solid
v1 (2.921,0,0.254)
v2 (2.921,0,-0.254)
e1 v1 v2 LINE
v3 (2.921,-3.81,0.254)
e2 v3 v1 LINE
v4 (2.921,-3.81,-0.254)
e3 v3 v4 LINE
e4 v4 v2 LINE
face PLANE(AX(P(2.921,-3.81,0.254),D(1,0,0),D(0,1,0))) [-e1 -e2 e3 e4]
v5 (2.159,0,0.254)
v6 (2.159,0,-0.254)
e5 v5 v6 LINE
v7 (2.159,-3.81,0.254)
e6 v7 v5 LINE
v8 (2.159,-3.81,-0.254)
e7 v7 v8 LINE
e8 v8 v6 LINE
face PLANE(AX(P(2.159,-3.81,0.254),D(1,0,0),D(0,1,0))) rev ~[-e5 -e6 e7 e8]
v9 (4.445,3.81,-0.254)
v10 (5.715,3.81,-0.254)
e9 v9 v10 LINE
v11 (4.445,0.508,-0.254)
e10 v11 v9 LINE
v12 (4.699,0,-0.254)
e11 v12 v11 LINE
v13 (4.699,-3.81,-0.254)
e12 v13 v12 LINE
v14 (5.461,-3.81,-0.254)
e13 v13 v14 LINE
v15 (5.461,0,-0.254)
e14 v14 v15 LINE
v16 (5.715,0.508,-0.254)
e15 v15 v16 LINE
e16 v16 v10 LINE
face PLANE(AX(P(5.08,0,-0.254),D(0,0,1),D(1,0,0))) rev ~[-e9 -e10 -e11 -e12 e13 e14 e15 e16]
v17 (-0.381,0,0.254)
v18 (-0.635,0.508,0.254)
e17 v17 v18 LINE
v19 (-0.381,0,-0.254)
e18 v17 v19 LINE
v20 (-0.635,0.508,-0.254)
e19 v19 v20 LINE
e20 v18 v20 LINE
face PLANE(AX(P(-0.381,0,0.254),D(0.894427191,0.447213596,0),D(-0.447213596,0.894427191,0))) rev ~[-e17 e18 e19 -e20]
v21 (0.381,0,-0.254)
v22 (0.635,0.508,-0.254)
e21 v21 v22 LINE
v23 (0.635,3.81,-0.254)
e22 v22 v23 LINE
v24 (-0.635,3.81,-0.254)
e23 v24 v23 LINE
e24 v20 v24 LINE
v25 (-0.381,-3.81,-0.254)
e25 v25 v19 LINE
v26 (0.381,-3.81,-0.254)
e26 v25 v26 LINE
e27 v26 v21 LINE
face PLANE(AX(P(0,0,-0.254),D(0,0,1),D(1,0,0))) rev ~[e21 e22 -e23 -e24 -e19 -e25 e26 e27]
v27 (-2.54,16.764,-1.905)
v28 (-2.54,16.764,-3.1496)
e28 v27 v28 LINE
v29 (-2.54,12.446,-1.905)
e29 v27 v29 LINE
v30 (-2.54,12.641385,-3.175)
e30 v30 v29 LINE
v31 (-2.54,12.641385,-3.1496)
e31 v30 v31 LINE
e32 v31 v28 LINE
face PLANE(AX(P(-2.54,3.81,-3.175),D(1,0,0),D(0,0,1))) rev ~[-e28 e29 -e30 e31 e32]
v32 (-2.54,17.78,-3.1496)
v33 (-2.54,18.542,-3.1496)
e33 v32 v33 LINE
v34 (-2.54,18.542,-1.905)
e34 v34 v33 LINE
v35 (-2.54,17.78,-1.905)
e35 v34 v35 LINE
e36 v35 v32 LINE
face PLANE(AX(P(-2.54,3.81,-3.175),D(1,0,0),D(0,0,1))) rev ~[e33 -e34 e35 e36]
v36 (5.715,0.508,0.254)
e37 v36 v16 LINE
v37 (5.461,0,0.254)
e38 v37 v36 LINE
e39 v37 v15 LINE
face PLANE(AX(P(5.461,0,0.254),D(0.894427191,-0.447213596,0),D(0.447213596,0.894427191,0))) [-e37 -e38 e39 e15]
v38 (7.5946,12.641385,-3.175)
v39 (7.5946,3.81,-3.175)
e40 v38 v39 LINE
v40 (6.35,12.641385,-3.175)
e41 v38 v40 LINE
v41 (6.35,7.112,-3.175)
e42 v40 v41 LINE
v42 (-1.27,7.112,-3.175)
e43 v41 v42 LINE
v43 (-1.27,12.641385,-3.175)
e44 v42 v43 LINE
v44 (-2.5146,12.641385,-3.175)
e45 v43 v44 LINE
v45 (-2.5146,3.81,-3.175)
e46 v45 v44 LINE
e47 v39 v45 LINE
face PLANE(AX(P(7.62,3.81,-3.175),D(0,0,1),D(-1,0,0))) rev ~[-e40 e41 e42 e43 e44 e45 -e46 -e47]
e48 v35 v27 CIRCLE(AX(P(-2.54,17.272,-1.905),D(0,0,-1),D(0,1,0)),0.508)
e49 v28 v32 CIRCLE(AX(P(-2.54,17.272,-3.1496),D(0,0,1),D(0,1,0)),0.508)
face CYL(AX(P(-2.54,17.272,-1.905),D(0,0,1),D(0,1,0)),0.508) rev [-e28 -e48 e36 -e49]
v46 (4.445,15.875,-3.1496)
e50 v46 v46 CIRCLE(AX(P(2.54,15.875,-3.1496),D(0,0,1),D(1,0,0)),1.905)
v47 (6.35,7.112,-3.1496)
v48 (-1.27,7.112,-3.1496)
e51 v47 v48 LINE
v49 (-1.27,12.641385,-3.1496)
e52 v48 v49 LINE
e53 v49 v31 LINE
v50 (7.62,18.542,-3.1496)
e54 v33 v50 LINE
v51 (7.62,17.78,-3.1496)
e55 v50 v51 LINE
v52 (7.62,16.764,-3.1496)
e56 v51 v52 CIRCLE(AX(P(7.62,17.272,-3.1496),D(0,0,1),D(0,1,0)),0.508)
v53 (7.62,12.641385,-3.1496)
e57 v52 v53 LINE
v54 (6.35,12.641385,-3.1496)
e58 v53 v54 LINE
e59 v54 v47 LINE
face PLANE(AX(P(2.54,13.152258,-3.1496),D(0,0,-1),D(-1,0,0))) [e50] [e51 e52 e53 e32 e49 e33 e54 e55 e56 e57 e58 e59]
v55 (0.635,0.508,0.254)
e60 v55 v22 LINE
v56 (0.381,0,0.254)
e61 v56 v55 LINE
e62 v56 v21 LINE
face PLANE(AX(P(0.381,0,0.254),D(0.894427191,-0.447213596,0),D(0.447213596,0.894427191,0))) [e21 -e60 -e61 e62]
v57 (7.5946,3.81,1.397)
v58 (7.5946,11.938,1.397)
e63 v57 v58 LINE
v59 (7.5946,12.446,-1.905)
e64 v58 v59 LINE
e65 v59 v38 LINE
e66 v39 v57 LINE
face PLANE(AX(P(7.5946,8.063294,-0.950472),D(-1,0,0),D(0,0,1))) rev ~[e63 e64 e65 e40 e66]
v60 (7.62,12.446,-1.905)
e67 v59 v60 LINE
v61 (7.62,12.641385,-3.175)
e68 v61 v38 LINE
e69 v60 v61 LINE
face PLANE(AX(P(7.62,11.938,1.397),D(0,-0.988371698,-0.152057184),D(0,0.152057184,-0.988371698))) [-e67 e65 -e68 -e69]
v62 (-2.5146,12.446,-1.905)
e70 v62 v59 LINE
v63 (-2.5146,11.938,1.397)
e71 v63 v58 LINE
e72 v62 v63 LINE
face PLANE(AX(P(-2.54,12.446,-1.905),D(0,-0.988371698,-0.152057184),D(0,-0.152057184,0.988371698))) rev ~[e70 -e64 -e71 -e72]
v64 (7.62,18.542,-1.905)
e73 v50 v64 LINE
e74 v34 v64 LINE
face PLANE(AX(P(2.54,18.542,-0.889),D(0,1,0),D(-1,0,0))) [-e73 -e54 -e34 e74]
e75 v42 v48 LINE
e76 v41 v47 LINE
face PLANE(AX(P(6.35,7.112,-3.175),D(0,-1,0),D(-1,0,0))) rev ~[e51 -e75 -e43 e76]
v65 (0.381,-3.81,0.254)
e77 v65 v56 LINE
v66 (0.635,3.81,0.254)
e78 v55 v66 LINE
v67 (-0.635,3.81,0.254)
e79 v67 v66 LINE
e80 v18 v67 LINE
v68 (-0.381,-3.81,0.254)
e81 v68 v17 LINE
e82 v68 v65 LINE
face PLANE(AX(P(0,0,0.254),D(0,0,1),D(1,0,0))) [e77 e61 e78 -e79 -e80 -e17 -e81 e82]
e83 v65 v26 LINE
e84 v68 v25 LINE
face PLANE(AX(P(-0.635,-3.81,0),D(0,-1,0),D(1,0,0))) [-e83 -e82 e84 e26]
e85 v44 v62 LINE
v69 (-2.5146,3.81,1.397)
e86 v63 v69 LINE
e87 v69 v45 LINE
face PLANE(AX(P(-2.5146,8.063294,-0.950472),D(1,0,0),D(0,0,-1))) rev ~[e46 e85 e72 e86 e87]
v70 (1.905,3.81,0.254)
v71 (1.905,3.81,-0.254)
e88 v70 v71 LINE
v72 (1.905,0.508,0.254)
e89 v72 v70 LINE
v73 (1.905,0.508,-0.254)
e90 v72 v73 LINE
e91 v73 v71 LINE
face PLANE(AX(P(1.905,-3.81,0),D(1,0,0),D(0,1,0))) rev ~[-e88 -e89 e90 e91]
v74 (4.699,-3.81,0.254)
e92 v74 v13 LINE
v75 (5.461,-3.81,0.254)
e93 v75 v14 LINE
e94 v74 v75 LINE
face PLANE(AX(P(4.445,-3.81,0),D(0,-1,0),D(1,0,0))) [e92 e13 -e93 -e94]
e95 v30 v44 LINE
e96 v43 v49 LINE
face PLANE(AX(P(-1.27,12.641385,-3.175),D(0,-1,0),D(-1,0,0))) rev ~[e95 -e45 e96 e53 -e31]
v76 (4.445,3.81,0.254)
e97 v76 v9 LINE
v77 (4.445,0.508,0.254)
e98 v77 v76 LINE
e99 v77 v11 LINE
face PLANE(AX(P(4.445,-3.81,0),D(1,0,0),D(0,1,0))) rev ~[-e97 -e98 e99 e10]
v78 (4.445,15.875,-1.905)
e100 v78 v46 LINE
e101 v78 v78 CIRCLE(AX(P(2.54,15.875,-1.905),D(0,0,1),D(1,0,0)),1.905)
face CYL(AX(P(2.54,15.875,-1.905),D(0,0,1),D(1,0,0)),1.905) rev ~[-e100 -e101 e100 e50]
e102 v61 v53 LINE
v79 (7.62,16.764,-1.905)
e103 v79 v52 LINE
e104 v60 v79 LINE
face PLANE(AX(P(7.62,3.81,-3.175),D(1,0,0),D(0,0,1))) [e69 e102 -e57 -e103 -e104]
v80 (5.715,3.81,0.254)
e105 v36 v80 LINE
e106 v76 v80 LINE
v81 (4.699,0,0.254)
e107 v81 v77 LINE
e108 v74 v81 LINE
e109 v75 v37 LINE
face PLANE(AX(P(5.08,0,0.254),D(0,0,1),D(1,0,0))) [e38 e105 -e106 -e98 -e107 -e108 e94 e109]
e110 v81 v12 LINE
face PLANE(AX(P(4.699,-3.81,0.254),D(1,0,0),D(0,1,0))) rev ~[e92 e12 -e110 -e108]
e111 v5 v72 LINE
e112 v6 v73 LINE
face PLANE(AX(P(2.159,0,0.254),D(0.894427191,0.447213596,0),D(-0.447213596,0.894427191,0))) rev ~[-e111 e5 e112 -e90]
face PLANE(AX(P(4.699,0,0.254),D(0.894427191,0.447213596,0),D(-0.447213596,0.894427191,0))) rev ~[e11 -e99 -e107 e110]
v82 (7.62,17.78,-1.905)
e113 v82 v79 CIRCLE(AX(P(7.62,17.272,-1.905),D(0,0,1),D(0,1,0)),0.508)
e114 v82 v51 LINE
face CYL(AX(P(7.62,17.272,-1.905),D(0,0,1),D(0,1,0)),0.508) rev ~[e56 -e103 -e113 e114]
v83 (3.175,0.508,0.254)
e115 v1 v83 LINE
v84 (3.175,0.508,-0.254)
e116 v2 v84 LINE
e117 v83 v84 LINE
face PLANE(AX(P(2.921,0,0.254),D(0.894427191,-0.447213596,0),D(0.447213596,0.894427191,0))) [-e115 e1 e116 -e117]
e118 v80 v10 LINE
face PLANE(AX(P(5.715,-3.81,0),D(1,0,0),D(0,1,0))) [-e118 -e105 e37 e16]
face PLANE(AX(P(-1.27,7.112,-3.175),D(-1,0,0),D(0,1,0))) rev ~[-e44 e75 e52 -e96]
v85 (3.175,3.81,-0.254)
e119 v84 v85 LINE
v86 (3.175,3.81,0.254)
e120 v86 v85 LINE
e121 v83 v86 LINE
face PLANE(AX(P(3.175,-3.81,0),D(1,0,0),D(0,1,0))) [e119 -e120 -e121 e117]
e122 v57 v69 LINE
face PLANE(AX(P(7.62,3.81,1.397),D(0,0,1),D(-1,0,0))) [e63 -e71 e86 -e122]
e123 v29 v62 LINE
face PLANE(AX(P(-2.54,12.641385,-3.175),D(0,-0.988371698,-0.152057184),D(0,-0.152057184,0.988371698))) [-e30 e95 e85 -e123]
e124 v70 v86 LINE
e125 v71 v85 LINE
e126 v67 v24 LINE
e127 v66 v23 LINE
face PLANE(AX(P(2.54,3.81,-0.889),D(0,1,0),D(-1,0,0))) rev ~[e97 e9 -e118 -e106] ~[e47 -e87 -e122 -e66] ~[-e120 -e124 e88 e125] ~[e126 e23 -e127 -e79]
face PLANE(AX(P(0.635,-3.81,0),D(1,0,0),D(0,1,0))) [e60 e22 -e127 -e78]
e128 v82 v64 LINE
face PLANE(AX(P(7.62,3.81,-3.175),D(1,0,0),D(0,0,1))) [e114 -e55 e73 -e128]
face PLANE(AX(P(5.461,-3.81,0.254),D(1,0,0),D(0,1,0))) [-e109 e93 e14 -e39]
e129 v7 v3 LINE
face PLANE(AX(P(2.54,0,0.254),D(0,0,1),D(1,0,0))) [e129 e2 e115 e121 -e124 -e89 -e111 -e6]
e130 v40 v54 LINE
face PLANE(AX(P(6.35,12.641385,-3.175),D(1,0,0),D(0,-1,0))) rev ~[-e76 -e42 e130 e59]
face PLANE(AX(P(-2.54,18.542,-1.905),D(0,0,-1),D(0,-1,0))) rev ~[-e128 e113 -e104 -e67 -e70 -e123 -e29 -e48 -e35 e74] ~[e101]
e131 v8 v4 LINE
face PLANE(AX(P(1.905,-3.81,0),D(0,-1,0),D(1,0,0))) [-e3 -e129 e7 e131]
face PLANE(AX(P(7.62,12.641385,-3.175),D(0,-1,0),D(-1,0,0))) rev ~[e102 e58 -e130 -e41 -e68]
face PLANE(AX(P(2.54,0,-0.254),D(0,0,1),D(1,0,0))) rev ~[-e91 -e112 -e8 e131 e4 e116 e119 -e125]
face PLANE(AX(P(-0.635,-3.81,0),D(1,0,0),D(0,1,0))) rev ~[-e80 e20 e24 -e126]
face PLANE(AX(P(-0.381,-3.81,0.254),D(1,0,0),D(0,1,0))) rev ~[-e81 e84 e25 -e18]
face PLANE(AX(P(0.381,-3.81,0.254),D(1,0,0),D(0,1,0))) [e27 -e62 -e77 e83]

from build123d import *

# Parameters (mm, degrees)
SKETCH2_W                = 10.16
SKETCH2_H                = 4.572
BASE_EXTRUDE_DEPTH       = 14.732
CUT_EXTRUDE1_DEPTH       = 1
CUT_EXTRUDE1_DEPTH_BACK  = 11.16
SKETCH4_R                = 1.905
CUT_EXTRUDE2_DEPTH       = 14.732
CUT_EXTRUDE4_DEPTH       = 0.0254
CUT_EXTRUDE5_DEPTH       = 0.0254
CUT_EXTRUDE6_DEPTH       = 0.0254
CUT_EXTRUDE7_DEPTH       = 2.54
SKETCH9_W                = 1.27
SKETCH9_H                = 7.62
BOSS_EXTRUDE_THIN1_DEPTH = 0.254
CUT_EXTRUDE8_DEPTH       = 1.27
LPATTERN1_COUNT          = 3
LPATTERN1_PITCH          = 2.54


with BuildPart() as part:
    # Sketch2 → Base-Extrude (new body)
    with BuildSketch(Plane(origin=(0, 3.81, 0), x_dir=(-1, 0, 0), z_dir=(0, 1, 0))):
        with Locations((-2.54, -0.889)):
            Rectangle(SKETCH2_W, SKETCH2_H)
    extrude(amount=BASE_EXTRUDE_DEPTH)

    # Sketch3 → Cut-Extrude1 (cut, two sides)
    with BuildSketch(Plane.ZY.offset(2.54)) as cut_extrude1_sk:
        Polygon((-1.905, 18.542), (-1.905, 12.446), (1.397, 11.938), (1.397, 18.542), align=None)
    extrude(amount=CUT_EXTRUDE1_DEPTH, mode=Mode.SUBTRACT)
    extrude(cut_extrude1_sk.sketch, amount=-CUT_EXTRUDE1_DEPTH_BACK, mode=Mode.SUBTRACT)

    # Sketch4 → Cut-Extrude2 (cut)
    with BuildSketch(Plane.XY.offset(-1.905)):
        with Locations((2.54, 15.875)):
            Circle(SKETCH4_R)
    extrude(amount=-CUT_EXTRUDE2_DEPTH, mode=Mode.SUBTRACT)

    # Sketch5 → Cut-Extrude4 (cut)
    with BuildSketch(Plane.ZY.offset(2.54)):
        Polygon((-3.175, 12.641384615), (1.397, 11.938), (1.397, 3.81), (-3.175, 3.81), align=None)
    extrude(amount=-CUT_EXTRUDE4_DEPTH, mode=Mode.SUBTRACT)

    # Sketch6 → Cut-Extrude5 (cut)
    with BuildSketch(Plane(origin=(7.62, 0, 0), x_dir=(0, 0, -1), z_dir=(1, 0, 0))):
        Polygon((-1.397, 11.938), (3.175, 12.641384615), (3.175, 3.81), (-1.397, 3.81), align=None)
    extrude(amount=-CUT_EXTRUDE5_DEPTH, mode=Mode.SUBTRACT)

    # Sketch7 → Cut-Extrude6 (cut)
    with BuildSketch(Plane(origin=(0, 0, -3.175), x_dir=(-1, 0, 0), z_dir=(0, 0, -1))):
        Polygon((-7.62, 18.542), (-7.62, 12.641384615), (-6.35, 12.641384615), (-6.35, 7.112), (1.27, 7.112), (1.27, 12.641384615), (2.54, 12.641384615), (2.54, 18.542), align=None)
    extrude(amount=-CUT_EXTRUDE6_DEPTH, mode=Mode.SUBTRACT)

    # Sketch8 → Cut-Extrude7 (cut)
    with BuildSketch(Plane.XY.offset(-1.905)):
        with BuildLine():
            Line((7.62, 16.764), (7.62, 17.78))
            ThreePointArc((7.62, 17.78), (7.112, 17.272), (7.62, 16.764))
        make_face()
        with BuildLine():
            Line((-2.54, 16.764), (-2.54, 17.78))
            ThreePointArc((-2.54, 17.78), (-2.032, 17.272), (-2.54, 16.764))
        make_face()
    extrude(amount=-CUT_EXTRUDE7_DEPTH, mode=Mode.SUBTRACT)

    # Sketch9 → Boss-Extrude-Thin1 (add, symmetric)
    with BuildSketch(Plane.XY):
        Rectangle(SKETCH9_W, SKETCH9_H)
    boss_extrude_thin1 = extrude(amount=BOSS_EXTRUDE_THIN1_DEPTH, both=True)

    # Sketch11 → Cut-Extrude8 (cut)
    with BuildSketch(Plane.XY.offset(0.254)):
        Polygon((0.635, 0.508), (0.635, -3.81), (0.381, -3.81), (0.381, 0), align=None)
        Polygon((-0.635, 0.508), (-0.635, -3.81), (-0.381, -3.81), (-0.381, 0), align=None)
    cut_extrude8 = extrude(amount=-CUT_EXTRUDE8_DEPTH, mode=Mode.SUBTRACT)

    # LPattern1: Boss-Extrude-Thin1, Cut-Extrude8 ×3
    with Locations(*[(i * LPATTERN1_PITCH, 0, 0) for i in range(1, LPATTERN1_COUNT)]):
        add(boss_extrude_thin1)
        add(cut_extrude8, mode=Mode.SUBTRACT)


solid = part.part
